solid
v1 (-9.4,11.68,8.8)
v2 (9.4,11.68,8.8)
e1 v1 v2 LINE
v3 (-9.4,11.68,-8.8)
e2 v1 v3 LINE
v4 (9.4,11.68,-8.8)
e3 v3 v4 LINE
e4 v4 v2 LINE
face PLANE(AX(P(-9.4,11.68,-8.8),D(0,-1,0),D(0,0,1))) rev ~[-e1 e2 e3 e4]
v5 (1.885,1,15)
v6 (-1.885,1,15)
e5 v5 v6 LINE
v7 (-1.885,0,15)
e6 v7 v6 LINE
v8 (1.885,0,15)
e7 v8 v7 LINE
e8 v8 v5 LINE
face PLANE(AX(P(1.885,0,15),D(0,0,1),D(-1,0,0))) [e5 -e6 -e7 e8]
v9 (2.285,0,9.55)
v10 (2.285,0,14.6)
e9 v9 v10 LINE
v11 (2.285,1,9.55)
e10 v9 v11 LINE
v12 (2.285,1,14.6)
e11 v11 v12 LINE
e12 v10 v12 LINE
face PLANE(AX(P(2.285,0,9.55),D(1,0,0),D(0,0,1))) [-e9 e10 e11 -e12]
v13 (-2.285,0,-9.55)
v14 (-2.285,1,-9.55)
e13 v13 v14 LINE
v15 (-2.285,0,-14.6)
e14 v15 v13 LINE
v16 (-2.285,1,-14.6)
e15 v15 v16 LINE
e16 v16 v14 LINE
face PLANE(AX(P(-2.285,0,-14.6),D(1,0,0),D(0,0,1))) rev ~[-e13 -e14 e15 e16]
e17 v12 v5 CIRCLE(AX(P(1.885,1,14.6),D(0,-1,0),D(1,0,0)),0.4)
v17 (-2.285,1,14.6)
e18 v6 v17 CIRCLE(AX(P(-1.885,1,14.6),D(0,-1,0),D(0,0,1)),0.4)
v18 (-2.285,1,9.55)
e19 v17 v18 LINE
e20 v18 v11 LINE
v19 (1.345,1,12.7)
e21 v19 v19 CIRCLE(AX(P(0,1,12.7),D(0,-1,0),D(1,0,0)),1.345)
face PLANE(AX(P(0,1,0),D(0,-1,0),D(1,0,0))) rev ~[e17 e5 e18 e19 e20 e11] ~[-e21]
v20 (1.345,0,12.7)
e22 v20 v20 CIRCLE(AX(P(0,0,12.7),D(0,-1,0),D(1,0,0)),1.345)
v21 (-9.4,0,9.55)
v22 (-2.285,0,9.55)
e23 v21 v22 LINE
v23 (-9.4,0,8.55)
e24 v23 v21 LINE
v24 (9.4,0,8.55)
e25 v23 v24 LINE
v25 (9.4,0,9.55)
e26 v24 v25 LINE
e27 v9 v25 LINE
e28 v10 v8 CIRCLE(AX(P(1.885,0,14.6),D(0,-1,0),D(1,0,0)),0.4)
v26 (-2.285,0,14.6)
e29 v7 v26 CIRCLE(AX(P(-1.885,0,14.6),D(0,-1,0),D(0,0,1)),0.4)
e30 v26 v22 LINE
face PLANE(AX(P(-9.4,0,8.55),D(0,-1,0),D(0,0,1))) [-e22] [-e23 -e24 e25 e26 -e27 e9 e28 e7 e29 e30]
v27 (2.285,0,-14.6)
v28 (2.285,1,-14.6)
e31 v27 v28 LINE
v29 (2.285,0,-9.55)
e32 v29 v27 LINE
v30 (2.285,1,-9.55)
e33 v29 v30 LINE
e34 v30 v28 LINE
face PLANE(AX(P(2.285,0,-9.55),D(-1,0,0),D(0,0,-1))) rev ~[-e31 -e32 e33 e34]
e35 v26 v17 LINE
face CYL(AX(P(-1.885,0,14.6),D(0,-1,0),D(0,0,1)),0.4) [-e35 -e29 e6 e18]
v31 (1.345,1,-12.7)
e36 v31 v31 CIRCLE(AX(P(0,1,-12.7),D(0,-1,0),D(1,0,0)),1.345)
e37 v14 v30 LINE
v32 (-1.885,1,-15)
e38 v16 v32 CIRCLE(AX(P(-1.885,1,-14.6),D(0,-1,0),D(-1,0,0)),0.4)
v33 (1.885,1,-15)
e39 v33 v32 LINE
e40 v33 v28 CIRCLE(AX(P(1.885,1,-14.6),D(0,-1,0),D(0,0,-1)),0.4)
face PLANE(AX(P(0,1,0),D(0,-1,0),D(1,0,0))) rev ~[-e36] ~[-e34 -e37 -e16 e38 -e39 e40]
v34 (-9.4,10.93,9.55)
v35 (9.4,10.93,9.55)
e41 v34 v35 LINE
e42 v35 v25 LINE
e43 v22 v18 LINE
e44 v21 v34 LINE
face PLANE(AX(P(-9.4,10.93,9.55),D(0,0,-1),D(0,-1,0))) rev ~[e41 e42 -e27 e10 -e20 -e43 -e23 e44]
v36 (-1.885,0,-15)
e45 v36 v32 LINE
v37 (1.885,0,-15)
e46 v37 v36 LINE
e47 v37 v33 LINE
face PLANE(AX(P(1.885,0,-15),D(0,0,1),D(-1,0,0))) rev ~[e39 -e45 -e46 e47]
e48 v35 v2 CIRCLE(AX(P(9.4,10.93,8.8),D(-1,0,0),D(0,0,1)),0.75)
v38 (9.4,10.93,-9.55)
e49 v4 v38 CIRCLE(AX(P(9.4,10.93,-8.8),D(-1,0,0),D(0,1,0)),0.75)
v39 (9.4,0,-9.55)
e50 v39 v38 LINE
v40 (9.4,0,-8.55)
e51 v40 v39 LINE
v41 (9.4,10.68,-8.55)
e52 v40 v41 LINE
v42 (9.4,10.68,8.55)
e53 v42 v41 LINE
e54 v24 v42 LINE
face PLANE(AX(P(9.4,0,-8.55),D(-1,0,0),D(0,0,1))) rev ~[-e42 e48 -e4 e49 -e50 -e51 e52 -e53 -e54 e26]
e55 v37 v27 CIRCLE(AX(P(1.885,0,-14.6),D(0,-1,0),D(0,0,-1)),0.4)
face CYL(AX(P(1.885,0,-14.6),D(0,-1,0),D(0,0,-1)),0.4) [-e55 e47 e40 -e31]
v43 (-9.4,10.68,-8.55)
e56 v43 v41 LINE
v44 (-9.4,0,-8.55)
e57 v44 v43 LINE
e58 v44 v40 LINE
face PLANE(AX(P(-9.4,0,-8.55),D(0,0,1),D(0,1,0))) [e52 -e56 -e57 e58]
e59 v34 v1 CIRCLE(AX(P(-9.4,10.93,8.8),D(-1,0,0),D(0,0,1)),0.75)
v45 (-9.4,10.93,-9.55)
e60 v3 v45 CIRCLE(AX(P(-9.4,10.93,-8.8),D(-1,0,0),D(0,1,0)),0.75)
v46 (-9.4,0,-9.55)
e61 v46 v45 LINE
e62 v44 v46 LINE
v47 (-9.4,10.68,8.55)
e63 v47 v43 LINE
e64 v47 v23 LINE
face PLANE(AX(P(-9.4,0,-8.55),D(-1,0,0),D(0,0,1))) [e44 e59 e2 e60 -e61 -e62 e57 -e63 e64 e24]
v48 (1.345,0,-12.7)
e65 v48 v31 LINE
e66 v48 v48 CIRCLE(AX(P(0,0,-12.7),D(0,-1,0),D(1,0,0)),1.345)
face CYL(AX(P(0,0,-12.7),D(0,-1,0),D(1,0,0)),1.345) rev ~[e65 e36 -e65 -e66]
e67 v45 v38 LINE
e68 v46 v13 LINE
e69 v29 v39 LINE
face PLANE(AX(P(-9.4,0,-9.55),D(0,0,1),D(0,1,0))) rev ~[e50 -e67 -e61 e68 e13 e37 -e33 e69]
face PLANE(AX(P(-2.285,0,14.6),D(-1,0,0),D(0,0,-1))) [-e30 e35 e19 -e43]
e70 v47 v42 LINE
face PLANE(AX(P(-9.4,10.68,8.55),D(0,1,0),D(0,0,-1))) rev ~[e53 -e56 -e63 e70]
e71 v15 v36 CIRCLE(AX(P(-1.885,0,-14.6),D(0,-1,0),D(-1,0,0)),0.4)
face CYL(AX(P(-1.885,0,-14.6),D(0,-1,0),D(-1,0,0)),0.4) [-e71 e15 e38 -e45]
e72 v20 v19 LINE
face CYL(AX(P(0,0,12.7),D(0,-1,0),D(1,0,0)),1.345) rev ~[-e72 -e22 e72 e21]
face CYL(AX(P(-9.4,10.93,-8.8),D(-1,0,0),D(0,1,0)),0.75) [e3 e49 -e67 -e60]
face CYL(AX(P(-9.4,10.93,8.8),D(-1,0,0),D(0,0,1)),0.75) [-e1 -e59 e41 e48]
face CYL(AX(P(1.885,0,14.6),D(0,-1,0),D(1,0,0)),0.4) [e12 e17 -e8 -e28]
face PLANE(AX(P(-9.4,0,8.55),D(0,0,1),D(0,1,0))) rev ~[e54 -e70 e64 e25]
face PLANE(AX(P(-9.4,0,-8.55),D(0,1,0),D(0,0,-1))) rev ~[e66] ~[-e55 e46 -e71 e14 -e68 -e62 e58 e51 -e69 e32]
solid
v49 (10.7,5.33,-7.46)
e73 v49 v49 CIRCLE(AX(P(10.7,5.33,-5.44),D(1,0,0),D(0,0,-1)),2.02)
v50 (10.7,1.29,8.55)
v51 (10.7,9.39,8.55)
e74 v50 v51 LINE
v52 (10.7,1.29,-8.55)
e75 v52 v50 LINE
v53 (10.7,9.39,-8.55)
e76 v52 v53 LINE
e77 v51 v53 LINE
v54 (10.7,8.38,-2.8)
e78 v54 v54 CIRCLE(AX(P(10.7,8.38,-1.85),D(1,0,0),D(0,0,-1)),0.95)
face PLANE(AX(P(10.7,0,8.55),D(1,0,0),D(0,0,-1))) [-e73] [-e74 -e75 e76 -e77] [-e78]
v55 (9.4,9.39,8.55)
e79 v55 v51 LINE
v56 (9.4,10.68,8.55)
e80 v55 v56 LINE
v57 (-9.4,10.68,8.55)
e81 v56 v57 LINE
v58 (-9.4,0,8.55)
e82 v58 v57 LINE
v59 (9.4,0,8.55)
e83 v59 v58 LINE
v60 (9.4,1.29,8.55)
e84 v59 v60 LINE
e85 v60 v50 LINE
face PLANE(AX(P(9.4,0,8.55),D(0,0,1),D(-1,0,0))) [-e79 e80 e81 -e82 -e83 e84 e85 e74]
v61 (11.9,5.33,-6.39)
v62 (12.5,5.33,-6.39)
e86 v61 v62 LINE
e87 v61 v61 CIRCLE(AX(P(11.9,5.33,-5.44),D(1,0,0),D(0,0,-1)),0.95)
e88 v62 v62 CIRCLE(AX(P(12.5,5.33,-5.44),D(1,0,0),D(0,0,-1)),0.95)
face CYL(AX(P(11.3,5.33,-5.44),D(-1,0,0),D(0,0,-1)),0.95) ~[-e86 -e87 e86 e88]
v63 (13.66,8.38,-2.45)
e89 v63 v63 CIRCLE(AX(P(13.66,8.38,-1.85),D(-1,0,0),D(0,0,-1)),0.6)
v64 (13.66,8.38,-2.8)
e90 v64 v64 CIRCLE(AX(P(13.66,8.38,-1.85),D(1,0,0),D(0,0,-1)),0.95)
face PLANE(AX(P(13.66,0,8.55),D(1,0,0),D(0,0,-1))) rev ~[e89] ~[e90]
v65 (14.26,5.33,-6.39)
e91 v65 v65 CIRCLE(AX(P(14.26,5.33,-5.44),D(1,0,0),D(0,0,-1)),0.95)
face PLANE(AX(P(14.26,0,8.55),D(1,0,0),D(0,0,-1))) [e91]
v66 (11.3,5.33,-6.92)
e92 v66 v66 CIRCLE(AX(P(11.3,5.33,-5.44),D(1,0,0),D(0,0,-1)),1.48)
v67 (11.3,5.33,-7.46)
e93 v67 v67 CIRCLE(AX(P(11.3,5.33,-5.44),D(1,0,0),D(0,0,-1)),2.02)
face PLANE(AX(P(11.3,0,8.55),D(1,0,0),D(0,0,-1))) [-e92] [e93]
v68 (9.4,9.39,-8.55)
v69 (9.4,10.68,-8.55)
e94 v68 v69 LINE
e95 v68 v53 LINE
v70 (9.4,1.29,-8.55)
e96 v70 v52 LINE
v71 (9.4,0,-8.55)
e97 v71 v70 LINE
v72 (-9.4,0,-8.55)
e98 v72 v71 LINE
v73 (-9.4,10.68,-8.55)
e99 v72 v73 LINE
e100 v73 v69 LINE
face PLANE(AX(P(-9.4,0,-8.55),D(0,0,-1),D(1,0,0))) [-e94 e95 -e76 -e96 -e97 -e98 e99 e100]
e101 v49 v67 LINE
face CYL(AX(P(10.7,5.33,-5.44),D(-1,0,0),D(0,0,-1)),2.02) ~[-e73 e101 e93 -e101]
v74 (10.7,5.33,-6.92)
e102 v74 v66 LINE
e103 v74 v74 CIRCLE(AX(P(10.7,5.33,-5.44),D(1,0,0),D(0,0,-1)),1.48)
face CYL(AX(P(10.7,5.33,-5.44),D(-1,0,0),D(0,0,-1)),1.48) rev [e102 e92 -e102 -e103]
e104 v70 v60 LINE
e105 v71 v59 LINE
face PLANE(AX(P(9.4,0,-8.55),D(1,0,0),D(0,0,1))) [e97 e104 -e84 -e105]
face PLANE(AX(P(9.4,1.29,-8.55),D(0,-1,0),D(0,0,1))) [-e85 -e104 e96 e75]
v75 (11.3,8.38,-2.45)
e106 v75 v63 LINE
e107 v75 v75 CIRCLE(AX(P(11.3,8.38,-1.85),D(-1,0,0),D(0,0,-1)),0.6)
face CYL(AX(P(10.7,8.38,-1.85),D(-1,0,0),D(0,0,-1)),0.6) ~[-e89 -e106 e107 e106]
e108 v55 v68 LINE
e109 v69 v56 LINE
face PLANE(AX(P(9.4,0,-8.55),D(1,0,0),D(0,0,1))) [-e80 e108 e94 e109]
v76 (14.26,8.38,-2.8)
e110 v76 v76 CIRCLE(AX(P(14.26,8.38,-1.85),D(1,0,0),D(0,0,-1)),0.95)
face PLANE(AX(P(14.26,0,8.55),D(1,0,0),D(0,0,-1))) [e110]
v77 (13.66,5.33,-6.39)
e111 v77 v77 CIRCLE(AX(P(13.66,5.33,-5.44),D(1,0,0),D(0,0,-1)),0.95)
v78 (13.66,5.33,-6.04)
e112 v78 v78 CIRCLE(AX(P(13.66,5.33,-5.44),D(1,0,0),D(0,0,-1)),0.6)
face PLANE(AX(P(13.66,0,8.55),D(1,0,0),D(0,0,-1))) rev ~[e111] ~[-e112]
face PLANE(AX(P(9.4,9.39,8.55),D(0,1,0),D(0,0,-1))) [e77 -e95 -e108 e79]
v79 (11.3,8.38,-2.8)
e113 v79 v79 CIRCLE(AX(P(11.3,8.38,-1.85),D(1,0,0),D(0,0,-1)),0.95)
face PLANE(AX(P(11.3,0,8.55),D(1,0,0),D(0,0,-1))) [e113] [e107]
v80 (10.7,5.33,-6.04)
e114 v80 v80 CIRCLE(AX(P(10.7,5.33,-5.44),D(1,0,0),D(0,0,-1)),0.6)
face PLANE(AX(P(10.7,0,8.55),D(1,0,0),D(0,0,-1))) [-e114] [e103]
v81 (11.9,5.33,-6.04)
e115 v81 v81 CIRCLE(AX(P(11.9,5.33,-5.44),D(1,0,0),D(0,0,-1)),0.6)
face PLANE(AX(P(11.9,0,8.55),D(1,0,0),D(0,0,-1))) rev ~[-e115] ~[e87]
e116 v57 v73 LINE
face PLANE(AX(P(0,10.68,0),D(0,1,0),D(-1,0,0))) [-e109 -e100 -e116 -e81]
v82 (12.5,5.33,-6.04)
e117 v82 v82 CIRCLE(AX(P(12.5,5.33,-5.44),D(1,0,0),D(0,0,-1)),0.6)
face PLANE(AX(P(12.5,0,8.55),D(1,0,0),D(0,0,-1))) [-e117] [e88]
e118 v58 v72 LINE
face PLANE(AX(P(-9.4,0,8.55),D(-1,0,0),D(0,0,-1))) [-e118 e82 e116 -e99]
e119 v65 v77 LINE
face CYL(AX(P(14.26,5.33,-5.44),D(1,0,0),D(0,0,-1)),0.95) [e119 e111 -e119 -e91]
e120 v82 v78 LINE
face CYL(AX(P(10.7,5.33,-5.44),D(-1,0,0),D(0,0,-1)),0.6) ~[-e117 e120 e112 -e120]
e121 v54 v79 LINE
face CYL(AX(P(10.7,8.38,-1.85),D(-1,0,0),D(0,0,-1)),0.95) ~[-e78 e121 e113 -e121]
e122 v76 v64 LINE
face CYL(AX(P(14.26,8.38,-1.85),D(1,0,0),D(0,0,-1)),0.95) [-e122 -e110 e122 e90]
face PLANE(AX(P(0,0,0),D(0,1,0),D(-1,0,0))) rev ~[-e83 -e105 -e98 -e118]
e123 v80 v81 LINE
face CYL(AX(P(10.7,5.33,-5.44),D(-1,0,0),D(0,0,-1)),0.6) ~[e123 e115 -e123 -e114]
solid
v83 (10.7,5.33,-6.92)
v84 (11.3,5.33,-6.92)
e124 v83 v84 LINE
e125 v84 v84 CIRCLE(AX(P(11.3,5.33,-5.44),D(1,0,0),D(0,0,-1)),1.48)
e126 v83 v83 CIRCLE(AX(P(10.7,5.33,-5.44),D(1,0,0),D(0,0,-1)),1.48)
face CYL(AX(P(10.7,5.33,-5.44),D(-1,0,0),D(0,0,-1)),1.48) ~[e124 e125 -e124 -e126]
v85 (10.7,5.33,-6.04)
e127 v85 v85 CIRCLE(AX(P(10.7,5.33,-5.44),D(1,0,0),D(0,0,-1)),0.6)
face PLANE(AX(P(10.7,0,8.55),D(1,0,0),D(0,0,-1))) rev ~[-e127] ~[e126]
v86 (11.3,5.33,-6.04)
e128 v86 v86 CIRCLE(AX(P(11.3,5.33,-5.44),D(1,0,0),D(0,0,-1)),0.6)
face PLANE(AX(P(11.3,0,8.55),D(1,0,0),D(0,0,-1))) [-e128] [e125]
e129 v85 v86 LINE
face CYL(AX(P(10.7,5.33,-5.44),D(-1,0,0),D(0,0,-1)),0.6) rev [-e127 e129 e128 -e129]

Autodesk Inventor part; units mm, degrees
ref_plane "YZ Plane" through (0, 0, 0) normal (1, 0, 0) x (0, 1, 0)
ref_plane "XZ Plane" through (0, 0, 0) normal (0, 1, 0) x (-1, 0, 0)
ref_plane "XY Plane" through (0, 0, 0) normal (0, 0, 1) x (1, 0, 0)
sketch "sketch_main_body" plane through (0, 0, 0) normal (0, 1, 0) x (-1, 0, 0)
  line L0 (9.4, -8.55) -> (-9.4, -8.55)
  line L1 (-9.4, -8.55) -> (-9.4, 8.55)
  line L2 (-9.4, 8.55) -> (9.4, 8.55)
  line L3 (9.4, 8.55) -> (9.4, -8.55)
  line L4 (9.4, -8.55) -> (-9.4, 8.55) construction
  line L5 (-9.4, -8.55) -> (9.4, 8.55) construction
  point P0 (0, 0)
  dimension "d0" = 18.8
  dimension "d1" = 17.1
extrude "main_body" add sketch "sketch_main_body" along normal blind 10.68
sketch "sketch_aluminium_shield" plane through (-9.4, 0, -8.55) normal (-1, 0, 0) x (0, 0, 1)
  line L0 (0, 0) -> (0, 10.68) projected
  line L1 (0, 0) -> (-1, 0)
  line L2 (-1, 0) -> (-1, 10.93)
  line L3 (-0.25, 11.68) -> (0.0237, 11.68)
  line L4 (0, 10.68) -> (0, 0)
  line L5 (0.0237, 11.68) -> (17.35, 11.68)
  line L6 (18.1, 10.93) -> (18.1, 10.5311)
  line L7 (17.1, 10.68) -> (0, 10.68)
  line L8 (17.1, 0) -> (17.1, 10.68) projected
  line L9 (17.1, 10.5311) -> (17.1, 0)
  line L10 (17.1, 0) -> (18.1, 0)
  line L11 (18.1, 0) -> (18.1, 10.68)
  arc A0 (-0.25, 11.68) -> (-1, 10.93) centre (-0.25, 10.93) ccw
  arc A1 (18.1, 10.93) -> (17.35, 11.68) centre (17.35, 10.93) ccw
  point P0 (8.55, 0)
  dimension "d5" = 1
  dimension "d6" = 1
  dimension "d7" = 1
  dimension "d8" = 0.75
extrude "aluminium_shield" add sketch "sketch_aluminium_shield" against normal blind 18.8 separate body
sketch "sketch_mount" plane through (0, 0, 0) normal (0, -1, 0) x (1, 0, 0)
  line L0 (-9.4, 9.55) -> (9.4, 9.55) projected
  line L1 (-2.285, 9.55) -> (2.285, 9.55)
  line L2 (2.285, 9.55) -> (2.285, 14.6)
  line L3 (1.885, 15) -> (-1.885, 15)
  line L4 (-2.285, 14.6) -> (-2.285, 9.55)
  circle A0 centre (0, 12.7) radius 1.345
  arc A1 (-1.885, 15) -> (-2.285, 14.6) centre (-1.885, 14.6) ccw
  arc A2 (2.285, 14.6) -> (1.885, 15) centre (1.885, 14.6) ccw
  line L5 (-12.1941, 0) -> (12.1129, 0) construction
  line L6 (-9.4, -9.55) -> (9.4, -9.55)
  line L7 (2.285, -9.55) -> (2.285, -14.6)
  line L8 (1.885, -15) -> (-1.885, -15)
  line L9 (-2.285, -14.6) -> (-2.285, -9.55)
  circle A3 centre (0, -12.7) radius 1.345
  arc A4 (-2.285, -14.6) -> (-1.885, -15) centre (-1.885, -14.6) ccw
  arc A5 (1.885, -15) -> (2.285, -14.6) centre (1.885, -14.6) ccw
  point P0 (0, 0)
  point P1 (0, 9.55)
  point P2 (2.285, 9.55)
  dimension "d11" = 5.45
  dimension "d12" = 4.57
  dimension "d14" = 7.115
  dimension "d15" = 0.4
  dimension "d16" = 2.69
  dimension "d17" = 3.15
extrude "mount" add sketch "sketch_mount" against normal blind 1 bodies 2
sketch "sketch_bulge" plane through (9.4, 0, 8.55) normal (1, 0, 0) x (0, 0, -1)
  line L0 (0, 0) -> (0, 10.68) projected
  line L1 (17.1, 0) -> (17.1, 10.68) projected
  line L2 (0, 9.39) -> (17.1, 9.39)
  line L3 (17.1, 9.39) -> (17.1, 1.29)
  line L4 (17.1, 1.29) -> (0, 1.29)
  line L5 (0, 1.29) -> (0, 9.39)
  line L6 (0, 10.68) -> (17.1, 10.68) projected
  point P0 (8.55, 0)
  point P1 (0, 1.29)
  dimension "d20" = 8.1
  dimension "d21" = 1.29
extrude "bulge" add sketch "sketch_bulge" along normal blind 1.3 contours L0 L2 L1 L4 bodies 1
sketch "sketch_power_ports" plane through (10.7, 0, 8.55) normal (1, 0, 0) x (0, 0, -1)
  circle A0 centre (13.99, 5.33) radius 0.95
  circle A1 centre (13.99, 5.33) radius 0.6
  line L0 (0, 0) -> (17.1, 0) projected
  circle A2 centre (13.99, 5.33) radius 2.02
  line L1 (-1, 10.93) -> (-1, 0) projected
  circle A3 centre (10.4, 8.38) radius 0.95
  circle A4 centre (10.4, 8.38) radius 0.6
  circle A5 centre (13.99, 5.33) radius 1.48
  point P0 (8.55, 0)
  dimension "d24" = 1.2
  dimension "d25" = 1.9
  dimension "d26" = 5.33
  dimension "d27" = 4.04
  dimension "d28" = 14.99
  dimension "d29" = 1.2
  dimension "d30" = 1.9
  dimension "d31" = 8.38
  dimension "d32" = 11.4
  dimension "d45" = 2.96
extrude "Extrusion5" add sketch "sketch_power_ports" along normal blind 3.56 contours A4 bodies 1
extrude "Extrusion6" add sketch "sketch_power_ports" along normal blind 0.6 from surface at 0 contours A3 | A4 bodies 1
extrude "Extrusion7" add sketch "sketch_power_ports" against normal blind 0.6 from surface at 3.56 contours A3 | A4 bodies 1
extrude "Extrusion9" add sketch "sketch_power_ports" along normal blind 3.56 contours A1 bodies 1
extrude "Extrusion11" add sketch "sketch_power_ports" along normal blind 0.6 separate body contours A0 | A5
extrude "Extrusion12" add sketch "sketch_power_ports" along normal blind 0.6 contours A2 bodies 1
extrude "Extrusion13" add sketch "sketch_power_ports" against normal blind 0.6 from surface at 3.56 contours A0 bodies 1
extrude "Extrusion14" add sketch "sketch_power_ports" along normal blind 1.2 from surface at 0.6 contours A0 bodies 1
extrude "Extrusion15" cut sketch "sketch_power_ports" along normal blind 1.2 contours A0 bodies 1
properties part number "Mini-Circuits_Case_GC957"
